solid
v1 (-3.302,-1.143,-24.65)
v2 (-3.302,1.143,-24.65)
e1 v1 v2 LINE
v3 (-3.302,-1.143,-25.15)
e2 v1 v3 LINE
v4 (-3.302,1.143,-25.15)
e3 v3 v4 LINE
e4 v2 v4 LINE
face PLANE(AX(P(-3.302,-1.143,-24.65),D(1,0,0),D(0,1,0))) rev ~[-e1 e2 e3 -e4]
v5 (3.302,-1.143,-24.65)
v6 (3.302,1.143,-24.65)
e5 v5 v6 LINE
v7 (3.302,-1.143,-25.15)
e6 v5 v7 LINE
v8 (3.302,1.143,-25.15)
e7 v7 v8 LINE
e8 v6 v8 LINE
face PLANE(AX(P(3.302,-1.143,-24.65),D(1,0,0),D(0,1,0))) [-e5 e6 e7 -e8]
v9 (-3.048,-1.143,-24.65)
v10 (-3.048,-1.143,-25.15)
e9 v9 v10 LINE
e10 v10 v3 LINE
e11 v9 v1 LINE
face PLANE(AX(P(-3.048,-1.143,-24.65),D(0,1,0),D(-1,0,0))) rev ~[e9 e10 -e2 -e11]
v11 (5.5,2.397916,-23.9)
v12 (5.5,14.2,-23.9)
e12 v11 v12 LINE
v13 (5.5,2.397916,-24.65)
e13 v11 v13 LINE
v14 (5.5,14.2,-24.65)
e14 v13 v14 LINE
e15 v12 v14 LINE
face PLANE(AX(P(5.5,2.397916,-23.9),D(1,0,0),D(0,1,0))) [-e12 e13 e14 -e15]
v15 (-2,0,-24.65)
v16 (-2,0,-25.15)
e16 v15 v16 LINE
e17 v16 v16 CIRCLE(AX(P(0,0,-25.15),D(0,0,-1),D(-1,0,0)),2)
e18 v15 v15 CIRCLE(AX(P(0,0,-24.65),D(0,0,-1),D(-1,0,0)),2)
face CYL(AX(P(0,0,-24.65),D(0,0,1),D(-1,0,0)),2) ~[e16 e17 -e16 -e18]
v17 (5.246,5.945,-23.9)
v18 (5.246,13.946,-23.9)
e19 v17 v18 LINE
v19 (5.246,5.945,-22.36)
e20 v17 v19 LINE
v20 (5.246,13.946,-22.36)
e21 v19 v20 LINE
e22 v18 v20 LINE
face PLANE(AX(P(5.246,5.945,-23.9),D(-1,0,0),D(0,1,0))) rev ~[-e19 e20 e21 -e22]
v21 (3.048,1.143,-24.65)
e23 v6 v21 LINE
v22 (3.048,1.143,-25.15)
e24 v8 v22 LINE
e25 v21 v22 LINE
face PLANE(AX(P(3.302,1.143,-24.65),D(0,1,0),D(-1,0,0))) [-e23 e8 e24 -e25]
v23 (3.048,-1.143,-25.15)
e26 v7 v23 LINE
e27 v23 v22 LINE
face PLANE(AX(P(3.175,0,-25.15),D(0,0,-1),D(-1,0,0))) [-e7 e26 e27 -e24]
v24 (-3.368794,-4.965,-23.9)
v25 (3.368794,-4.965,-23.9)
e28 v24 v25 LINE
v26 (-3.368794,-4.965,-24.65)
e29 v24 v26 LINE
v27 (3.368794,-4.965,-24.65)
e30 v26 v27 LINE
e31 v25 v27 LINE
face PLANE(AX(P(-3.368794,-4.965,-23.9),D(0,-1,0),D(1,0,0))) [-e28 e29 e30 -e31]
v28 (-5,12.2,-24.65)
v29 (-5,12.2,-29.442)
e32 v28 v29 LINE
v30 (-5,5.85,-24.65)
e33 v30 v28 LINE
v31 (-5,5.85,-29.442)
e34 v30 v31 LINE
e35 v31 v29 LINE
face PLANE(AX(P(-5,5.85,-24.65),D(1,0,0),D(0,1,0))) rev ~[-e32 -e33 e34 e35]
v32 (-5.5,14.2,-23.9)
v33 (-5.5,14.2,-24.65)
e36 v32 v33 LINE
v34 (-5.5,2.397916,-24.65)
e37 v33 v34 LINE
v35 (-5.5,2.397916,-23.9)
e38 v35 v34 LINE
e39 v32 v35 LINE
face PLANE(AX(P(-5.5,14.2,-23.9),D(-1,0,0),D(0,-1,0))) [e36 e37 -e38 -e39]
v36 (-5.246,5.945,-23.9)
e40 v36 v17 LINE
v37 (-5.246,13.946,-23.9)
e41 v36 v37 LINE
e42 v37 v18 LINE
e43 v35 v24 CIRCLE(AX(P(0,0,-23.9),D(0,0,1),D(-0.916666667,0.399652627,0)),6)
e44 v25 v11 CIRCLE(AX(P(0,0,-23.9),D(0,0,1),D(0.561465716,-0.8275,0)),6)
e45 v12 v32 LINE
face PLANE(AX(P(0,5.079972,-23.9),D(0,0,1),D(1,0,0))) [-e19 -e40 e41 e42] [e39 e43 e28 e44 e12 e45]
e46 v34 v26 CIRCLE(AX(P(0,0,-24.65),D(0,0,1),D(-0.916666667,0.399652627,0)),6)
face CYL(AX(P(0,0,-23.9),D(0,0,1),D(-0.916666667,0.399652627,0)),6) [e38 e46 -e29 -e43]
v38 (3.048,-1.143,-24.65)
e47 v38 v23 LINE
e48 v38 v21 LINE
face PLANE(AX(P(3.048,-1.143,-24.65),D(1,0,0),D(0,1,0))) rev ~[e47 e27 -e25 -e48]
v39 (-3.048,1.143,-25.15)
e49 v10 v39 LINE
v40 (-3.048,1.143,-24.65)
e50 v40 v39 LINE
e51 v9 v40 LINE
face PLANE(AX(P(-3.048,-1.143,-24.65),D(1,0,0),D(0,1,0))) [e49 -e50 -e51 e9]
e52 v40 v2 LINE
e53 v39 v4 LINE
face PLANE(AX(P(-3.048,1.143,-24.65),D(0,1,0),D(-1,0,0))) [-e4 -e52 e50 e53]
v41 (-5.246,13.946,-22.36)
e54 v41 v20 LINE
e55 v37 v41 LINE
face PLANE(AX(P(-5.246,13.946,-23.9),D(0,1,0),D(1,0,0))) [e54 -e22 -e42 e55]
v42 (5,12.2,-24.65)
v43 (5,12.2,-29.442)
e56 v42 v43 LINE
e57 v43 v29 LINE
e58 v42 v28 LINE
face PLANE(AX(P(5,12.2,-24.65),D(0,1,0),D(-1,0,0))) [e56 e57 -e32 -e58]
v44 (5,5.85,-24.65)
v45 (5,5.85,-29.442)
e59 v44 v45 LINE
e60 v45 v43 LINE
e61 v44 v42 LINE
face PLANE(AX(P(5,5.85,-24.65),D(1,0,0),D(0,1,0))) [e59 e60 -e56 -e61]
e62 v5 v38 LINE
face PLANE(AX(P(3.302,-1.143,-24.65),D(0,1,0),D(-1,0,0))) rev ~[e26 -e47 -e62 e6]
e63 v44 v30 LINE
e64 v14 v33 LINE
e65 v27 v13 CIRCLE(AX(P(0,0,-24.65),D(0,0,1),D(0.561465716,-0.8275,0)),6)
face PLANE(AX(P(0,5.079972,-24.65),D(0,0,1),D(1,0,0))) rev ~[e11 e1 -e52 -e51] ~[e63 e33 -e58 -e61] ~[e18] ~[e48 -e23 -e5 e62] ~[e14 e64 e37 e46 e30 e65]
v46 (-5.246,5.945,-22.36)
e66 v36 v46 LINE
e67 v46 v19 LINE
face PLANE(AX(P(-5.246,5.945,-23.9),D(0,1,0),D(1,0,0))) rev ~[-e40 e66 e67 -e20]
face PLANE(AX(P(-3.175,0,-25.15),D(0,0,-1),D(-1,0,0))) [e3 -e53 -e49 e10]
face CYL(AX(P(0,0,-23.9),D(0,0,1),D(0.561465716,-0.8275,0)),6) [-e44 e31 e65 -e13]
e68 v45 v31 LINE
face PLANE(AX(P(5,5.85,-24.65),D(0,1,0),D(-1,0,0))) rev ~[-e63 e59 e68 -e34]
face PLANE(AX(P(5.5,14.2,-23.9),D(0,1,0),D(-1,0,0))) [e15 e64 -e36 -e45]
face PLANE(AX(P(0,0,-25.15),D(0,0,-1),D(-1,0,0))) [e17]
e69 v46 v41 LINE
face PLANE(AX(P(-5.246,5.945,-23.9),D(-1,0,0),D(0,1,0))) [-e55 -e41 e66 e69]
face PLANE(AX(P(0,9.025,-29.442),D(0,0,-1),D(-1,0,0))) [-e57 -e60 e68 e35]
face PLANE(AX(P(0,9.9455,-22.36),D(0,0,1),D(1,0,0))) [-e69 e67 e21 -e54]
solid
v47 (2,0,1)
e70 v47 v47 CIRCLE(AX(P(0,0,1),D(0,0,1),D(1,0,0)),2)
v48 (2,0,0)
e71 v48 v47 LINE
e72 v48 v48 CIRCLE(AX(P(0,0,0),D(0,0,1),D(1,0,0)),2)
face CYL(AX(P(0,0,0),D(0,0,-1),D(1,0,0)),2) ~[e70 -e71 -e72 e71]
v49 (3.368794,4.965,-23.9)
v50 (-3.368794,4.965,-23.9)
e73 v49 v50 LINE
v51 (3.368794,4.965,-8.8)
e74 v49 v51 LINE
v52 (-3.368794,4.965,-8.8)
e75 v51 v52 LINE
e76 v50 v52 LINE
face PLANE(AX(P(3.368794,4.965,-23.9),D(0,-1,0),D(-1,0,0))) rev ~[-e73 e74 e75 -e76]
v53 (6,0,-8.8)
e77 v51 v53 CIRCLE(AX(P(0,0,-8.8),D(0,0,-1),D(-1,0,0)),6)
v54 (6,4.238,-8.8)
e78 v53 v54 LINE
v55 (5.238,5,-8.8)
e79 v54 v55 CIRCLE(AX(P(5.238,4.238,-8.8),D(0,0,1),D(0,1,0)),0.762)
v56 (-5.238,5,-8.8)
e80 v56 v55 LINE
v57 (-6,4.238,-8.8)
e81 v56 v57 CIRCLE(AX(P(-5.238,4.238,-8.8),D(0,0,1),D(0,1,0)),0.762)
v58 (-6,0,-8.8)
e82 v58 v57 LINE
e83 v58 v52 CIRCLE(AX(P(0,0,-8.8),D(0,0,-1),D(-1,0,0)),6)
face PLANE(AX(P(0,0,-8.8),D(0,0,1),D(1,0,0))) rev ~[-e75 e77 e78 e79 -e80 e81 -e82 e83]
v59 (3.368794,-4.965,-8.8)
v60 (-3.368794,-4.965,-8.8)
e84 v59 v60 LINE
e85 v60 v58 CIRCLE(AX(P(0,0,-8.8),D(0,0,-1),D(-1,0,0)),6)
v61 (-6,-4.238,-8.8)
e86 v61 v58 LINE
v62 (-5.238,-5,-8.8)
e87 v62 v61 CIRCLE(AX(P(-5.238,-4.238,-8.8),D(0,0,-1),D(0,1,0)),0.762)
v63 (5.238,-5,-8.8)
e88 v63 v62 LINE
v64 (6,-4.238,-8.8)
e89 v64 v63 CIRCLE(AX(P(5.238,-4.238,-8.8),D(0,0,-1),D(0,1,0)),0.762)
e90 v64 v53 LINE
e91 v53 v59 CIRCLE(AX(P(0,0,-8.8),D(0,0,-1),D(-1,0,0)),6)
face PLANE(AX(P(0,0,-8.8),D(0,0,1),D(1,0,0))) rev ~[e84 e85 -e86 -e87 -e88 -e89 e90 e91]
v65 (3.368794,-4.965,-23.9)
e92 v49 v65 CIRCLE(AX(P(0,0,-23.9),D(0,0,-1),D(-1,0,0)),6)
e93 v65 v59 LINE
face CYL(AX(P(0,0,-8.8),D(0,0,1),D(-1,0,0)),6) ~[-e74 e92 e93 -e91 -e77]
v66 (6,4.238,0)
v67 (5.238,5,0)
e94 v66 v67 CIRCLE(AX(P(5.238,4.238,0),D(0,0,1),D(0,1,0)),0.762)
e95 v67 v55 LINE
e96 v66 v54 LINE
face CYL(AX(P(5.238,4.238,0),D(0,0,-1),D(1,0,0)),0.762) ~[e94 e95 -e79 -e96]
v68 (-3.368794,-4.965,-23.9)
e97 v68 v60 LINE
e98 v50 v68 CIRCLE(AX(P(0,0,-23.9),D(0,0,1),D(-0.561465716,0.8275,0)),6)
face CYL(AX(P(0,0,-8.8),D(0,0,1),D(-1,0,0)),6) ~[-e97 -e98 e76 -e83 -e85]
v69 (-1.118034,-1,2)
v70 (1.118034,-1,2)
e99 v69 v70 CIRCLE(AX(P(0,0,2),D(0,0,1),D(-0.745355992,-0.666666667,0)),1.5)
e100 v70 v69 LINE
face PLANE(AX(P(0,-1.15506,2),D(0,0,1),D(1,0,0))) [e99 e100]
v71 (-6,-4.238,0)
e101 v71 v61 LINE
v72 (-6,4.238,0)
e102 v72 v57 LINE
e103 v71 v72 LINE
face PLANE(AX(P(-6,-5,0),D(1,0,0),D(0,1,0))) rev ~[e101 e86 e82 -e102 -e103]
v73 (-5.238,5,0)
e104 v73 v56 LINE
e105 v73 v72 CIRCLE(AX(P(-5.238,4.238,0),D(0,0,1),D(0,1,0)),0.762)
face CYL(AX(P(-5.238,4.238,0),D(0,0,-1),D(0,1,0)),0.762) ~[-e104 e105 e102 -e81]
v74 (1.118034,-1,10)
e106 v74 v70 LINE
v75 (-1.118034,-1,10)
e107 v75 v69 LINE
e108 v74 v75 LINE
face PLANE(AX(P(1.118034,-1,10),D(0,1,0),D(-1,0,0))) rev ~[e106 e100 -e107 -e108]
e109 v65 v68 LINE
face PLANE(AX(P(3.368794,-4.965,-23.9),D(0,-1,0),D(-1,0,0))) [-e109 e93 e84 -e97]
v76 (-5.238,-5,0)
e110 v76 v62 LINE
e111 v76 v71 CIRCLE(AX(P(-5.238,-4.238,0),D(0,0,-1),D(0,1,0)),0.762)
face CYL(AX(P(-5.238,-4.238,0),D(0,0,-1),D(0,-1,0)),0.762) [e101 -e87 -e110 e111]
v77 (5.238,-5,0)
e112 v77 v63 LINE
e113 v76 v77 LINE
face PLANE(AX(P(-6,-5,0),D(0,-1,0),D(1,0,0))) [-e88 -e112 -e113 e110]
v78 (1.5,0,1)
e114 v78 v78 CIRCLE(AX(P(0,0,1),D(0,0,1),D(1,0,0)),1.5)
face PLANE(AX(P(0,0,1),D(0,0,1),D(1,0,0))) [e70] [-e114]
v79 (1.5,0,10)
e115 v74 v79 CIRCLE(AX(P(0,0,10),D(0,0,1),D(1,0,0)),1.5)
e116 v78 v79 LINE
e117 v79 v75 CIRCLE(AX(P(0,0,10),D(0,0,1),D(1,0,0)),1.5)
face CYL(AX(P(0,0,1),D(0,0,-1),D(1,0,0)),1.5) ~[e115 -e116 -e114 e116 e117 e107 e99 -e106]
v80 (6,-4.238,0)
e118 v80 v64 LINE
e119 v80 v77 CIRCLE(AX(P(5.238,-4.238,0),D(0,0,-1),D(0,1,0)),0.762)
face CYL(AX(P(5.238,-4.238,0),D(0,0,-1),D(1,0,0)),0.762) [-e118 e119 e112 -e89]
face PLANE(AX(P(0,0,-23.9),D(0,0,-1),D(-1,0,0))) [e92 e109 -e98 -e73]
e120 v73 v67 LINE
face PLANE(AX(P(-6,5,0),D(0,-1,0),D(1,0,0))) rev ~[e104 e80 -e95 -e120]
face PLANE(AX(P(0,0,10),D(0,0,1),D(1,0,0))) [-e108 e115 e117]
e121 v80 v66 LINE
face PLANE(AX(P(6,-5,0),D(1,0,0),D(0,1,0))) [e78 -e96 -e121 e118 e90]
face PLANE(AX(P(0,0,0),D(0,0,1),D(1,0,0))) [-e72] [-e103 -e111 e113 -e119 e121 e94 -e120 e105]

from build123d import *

# Parameters (mm, degrees)
SKETCH1_W           = 12
SKETCH1_H           = 10
BOSS_EXTRUDE1_DEPTH = 8.8
SKETCH2_R           = 2
BOSS_EXTRUDE2_DEPTH = 1
SKETCH3_R           = 1.5
BOSS_EXTRUDE3_DEPTH = 9
CUT_EXTRUDE1_DEPTH  = 8
SKETCH5_R           = 6
BOSS_EXTRUDE4_DEPTH = 15.1
CUT_EXTRUDE2_DEPTH  = 15.1
BOSS_EXTRUDE5_DEPTH = 0.75
SKETCH8_R           = 2
SKETCH8_W           = 0.254
SKETCH8_H           = 2.286
BOSS_EXTRUDE6_DEPTH = 0.5
SKETCH9_W           = 10.492
SKETCH9_H           = 8.001
BOSS_EXTRUDE7_DEPTH = 1.54
SKETCH10_W          = 10
SKETCH10_H          = 6.35
BOSS_EXTRUDE8_DEPTH = 4.792000068
FILLET1_R           = 0.762


with BuildPart() as part:
    # Sketch1 → Boss-Extrude1 (new body)
    with BuildSketch(Plane.XY):
        Rectangle(SKETCH1_W, SKETCH1_H)
    extrude(amount=-BOSS_EXTRUDE1_DEPTH)

    # Sketch2 → Boss-Extrude2 (add)
    with BuildSketch(Plane.XY):
        Circle(SKETCH2_R)
    extrude(amount=BOSS_EXTRUDE2_DEPTH)

    # Sketch3 → Boss-Extrude3 (add)
    with BuildSketch(Plane.XY.offset(1)):
        Circle(SKETCH3_R)
    extrude(amount=BOSS_EXTRUDE3_DEPTH)

    # Sketch4 → Cut-Extrude1 (cut)
    with BuildSketch(Plane.XY.offset(10)):
        with BuildLine():
            Line((1.118033989, -1), (-1.118033989, -1))
            ThreePointArc((-1.118033989, -1), (0, -1.5), (1.118033989, -1))
        make_face()
    extrude(amount=-CUT_EXTRUDE1_DEPTH, mode=Mode.SUBTRACT)

    # Sketch5 → Boss-Extrude4 (add)
    with BuildSketch(Plane(origin=(0, 0, -8.8), x_dir=(-1, 0, 0), z_dir=(0, 0, -1))):
        Circle(SKETCH5_R)
    extrude(amount=BOSS_EXTRUDE4_DEPTH)

    # Sketch6 → Cut-Extrude2 (cut)
    with BuildSketch(Plane(origin=(0, 0, -23.9), x_dir=(-1, 0, 0), z_dir=(0, 0, -1))):
        with BuildLine():
            Line((-3.368794295, 4.965), (3.368794295, 4.965))
            ThreePointArc((3.368794295, 4.965), (0, 6), (-3.368794295, 4.965))
        make_face()
        with BuildLine():
            Line((-3.368794295, -4.965), (3.368794295, -4.965))
            ThreePointArc((3.368794295, -4.965), (0, -6), (-3.368794295, -4.965))
        make_face()
    extrude(amount=-CUT_EXTRUDE2_DEPTH, mode=Mode.SUBTRACT)

    # Fillet1
    fillet1_edges = [part.edges().sort_by_distance(p)[0] for p in [
        (6, -5, -4.4),
        (-6, -5, -4.4),
        (-6, 5, -4.4),
        (6, 5, -4.4),
    ]]
    fillet(fillet1_edges, radius=FILLET1_R)


with BuildPart() as body_2:
    # Sketch7 → Boss-Extrude5 (new body)
    with BuildSketch(Plane(origin=(0, 0, -23.9), x_dir=(-1, 0, 0), z_dir=(0, 0, -1))):
        with BuildLine():
            Line((3.368794295, -4.965), (-3.368794295, -4.965))
            ThreePointArc((-3.368794295, -4.965), (-5.763420008, -1.668229544), (-5.5, 2.397915762))
            Line((-5.5, 2.397915762), (-5.5, 14.2))
            Line((-5.5, 14.2), (5.5, 14.2))
            Line((5.5, 14.2), (5.5, 2.397915762))
            ThreePointArc((5.5, 2.397915762), (5.763420008, -1.668229544), (3.368794295, -4.965))
        make_face()
    extrude(amount=BOSS_EXTRUDE5_DEPTH)

    # Sketch8 → Boss-Extrude6 (add)
    with BuildSketch(Plane(origin=(0, 0, -24.65), x_dir=(-1, 0, 0), z_dir=(0, 0, -1))):
        Circle(SKETCH8_R)
        with Locations((-3.175, 0)):
            Rectangle(SKETCH8_W, SKETCH8_H)
        with Locations((3.175, 0)):
            Rectangle(SKETCH8_W, SKETCH8_H)
    extrude(amount=BOSS_EXTRUDE6_DEPTH)

    # Sketch9 → Boss-Extrude7 (add)
    with BuildSketch(Plane.XY.offset(-23.9)):
        with Locations((0, 9.9455)):
            Rectangle(SKETCH9_W, SKETCH9_H)
    extrude(amount=BOSS_EXTRUDE7_DEPTH)

    # Sketch10 → Boss-Extrude8 (add)
    with BuildSketch(Plane(origin=(0, 0, -24.65), x_dir=(-1, 0, 0), z_dir=(0, 0, -1))):
        with Locations((0, 9.025)):
            Rectangle(SKETCH10_W, SKETCH10_H)
    extrude(amount=BOSS_EXTRUDE8_DEPTH)


solid = Compound([part.part, body_2.part])
